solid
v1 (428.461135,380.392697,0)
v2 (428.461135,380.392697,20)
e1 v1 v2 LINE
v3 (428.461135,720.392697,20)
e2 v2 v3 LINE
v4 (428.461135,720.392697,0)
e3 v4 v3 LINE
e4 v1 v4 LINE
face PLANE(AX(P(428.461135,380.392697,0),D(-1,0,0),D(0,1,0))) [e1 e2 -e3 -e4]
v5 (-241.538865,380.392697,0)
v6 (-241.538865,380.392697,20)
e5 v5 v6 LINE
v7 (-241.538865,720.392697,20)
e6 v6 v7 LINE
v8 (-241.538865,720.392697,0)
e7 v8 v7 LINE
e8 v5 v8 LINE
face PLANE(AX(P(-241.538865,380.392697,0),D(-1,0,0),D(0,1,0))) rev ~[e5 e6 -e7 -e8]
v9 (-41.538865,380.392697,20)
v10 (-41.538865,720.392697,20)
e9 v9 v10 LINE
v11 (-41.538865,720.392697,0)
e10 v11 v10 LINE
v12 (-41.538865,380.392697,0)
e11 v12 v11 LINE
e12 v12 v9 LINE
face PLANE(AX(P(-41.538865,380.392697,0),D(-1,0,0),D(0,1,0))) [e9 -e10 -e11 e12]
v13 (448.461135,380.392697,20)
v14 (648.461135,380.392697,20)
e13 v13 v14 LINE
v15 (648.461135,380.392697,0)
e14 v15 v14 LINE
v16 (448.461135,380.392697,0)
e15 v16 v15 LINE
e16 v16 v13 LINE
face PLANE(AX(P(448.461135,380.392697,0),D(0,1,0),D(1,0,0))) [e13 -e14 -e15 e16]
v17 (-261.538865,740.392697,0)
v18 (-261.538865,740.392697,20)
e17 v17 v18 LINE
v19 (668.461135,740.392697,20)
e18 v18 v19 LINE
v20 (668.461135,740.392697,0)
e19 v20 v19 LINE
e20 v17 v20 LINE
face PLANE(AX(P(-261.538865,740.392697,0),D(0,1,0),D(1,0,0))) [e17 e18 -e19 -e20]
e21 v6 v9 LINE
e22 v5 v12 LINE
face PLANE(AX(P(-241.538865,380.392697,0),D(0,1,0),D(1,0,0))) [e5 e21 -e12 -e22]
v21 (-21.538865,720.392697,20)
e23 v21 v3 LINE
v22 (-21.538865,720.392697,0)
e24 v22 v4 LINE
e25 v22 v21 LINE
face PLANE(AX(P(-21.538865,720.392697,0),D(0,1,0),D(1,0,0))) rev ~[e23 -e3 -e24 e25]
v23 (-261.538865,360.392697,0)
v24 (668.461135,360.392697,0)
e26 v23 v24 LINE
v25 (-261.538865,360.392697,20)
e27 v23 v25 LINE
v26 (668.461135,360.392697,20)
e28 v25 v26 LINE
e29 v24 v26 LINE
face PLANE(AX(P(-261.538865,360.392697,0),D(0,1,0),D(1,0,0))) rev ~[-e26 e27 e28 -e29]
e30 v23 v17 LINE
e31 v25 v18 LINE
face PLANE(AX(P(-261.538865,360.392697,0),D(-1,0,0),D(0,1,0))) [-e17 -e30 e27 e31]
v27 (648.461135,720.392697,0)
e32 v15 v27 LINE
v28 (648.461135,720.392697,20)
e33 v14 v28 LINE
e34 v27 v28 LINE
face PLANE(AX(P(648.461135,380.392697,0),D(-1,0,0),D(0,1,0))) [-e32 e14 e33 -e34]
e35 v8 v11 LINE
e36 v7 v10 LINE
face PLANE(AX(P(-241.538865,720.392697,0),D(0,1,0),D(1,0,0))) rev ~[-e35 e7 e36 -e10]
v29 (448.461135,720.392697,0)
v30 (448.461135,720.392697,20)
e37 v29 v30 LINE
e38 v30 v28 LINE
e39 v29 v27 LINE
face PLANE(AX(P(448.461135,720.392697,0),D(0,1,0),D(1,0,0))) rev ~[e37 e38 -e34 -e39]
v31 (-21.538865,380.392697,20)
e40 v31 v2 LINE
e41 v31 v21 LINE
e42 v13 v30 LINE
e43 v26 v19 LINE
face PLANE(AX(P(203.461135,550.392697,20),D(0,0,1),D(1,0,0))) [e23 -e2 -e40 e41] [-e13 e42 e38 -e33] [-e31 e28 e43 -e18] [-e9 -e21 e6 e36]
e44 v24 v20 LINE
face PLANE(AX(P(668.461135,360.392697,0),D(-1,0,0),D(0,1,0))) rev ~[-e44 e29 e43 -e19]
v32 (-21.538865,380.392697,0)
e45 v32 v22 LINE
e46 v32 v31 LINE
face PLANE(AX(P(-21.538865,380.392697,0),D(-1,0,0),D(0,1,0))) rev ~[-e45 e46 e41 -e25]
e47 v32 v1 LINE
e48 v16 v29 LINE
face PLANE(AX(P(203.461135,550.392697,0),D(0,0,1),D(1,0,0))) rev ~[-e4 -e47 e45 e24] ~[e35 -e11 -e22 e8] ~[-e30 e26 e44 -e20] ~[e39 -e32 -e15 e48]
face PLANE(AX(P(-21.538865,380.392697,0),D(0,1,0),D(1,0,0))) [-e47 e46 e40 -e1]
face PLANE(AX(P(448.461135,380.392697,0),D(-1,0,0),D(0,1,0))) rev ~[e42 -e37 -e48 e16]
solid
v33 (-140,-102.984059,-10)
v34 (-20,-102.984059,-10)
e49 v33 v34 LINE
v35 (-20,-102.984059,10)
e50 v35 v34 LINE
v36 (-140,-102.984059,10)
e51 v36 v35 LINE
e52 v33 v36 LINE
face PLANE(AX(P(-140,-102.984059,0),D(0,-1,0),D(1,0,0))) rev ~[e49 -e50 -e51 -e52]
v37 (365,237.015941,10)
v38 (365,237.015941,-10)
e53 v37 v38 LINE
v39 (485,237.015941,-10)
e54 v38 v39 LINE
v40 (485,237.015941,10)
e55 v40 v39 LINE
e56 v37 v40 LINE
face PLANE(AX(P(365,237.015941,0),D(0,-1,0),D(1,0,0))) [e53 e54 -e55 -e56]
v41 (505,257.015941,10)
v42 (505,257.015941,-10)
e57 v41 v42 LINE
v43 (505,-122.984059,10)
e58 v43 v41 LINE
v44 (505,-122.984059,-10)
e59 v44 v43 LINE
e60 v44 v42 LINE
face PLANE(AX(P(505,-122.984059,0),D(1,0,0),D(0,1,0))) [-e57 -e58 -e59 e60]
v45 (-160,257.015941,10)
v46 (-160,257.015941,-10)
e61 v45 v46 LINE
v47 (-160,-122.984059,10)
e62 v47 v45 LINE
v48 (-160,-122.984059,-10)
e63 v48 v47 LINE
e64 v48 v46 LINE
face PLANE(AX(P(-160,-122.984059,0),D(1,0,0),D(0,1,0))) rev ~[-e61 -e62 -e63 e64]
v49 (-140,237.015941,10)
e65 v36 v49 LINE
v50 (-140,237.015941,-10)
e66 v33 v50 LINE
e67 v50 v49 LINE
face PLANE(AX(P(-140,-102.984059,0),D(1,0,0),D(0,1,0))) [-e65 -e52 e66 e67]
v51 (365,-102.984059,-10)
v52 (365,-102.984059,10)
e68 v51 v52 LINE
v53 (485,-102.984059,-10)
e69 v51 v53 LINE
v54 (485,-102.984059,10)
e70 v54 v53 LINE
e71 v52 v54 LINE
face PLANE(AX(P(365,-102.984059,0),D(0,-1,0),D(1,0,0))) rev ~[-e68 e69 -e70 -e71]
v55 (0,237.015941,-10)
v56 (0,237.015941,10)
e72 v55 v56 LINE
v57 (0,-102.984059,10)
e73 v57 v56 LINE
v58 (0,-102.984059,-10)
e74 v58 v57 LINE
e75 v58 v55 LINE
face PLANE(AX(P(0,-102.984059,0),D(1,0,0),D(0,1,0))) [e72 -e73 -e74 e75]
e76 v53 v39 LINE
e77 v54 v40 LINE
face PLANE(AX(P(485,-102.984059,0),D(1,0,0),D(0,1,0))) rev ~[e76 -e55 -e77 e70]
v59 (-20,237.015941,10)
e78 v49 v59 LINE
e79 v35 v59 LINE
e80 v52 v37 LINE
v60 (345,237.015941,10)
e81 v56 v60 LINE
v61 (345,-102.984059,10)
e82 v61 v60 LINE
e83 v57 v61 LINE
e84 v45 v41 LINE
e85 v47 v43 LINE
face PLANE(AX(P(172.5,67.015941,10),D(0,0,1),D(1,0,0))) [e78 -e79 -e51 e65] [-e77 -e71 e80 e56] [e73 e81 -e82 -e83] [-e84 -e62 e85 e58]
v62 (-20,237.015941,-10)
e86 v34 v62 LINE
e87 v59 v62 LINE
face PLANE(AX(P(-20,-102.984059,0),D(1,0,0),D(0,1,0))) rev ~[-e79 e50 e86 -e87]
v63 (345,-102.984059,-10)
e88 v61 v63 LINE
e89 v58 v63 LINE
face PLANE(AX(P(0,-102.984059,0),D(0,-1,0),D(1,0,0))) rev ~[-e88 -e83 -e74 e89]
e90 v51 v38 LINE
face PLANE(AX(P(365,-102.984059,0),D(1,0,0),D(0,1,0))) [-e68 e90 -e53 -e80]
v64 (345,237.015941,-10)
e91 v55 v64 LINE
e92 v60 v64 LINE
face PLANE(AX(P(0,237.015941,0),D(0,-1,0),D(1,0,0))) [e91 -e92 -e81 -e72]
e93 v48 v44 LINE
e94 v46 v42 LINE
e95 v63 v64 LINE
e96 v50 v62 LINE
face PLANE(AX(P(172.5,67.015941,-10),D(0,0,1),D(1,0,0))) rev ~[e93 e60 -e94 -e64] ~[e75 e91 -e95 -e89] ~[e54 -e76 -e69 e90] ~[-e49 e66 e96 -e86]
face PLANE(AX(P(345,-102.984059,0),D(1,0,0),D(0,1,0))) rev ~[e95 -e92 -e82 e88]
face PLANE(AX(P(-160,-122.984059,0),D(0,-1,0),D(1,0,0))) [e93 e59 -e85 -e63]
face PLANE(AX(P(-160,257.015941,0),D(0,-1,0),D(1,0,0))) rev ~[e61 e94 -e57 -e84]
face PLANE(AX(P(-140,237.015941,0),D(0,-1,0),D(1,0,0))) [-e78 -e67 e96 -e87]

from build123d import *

# Parameters (mm, degrees)
F0_W     = 665
F0_H     = 380
F0_W_2   = 120
F0_H_2   = 340
F0_W_3   = 345
F2_DEPTH = 10
F1_W     = 930
F1_H     = 380
F1_W_2   = 200
F1_H_2   = 340
F1_W_3   = 450
F3_DEPTH = 20


with BuildPart() as f2:
    # F0 (on Top) → F2 (new body, symmetric)
    with BuildSketch(Plane.XY):
        with Locations((172.5, 67.015941)):
            Rectangle(F0_W, F0_H)
        with Locations((-80, 67.015941)):
            Rectangle(F0_W_2, F0_H_2, mode=Mode.SUBTRACT)
        with Locations((172.5, 67.015941)):
            Rectangle(F0_W_3, F0_H_2, mode=Mode.SUBTRACT)
        with Locations((425, 67.015941)):
            Rectangle(F0_W_2, F0_H_2, mode=Mode.SUBTRACT)
    extrude(amount=F2_DEPTH, both=True)


with BuildPart() as f3:
    # F1 (on Top) → F3 (new body)
    with BuildSketch(Plane.XY):
        with Locations((203.461135, 550.392697)):
            Rectangle(F1_W, F1_H)
        with Locations((-141.538865, 550.392697)):
            Rectangle(F1_W_2, F1_H_2, mode=Mode.SUBTRACT)
        with Locations((203.461135, 550.392697)):
            Rectangle(F1_W_3, F1_H_2, mode=Mode.SUBTRACT)
        with Locations((548.461135, 550.392697)):
            Rectangle(F1_W_2, F1_H_2, mode=Mode.SUBTRACT)
    extrude(amount=F3_DEPTH)


solid = Compound([f2.part, f3.part])
